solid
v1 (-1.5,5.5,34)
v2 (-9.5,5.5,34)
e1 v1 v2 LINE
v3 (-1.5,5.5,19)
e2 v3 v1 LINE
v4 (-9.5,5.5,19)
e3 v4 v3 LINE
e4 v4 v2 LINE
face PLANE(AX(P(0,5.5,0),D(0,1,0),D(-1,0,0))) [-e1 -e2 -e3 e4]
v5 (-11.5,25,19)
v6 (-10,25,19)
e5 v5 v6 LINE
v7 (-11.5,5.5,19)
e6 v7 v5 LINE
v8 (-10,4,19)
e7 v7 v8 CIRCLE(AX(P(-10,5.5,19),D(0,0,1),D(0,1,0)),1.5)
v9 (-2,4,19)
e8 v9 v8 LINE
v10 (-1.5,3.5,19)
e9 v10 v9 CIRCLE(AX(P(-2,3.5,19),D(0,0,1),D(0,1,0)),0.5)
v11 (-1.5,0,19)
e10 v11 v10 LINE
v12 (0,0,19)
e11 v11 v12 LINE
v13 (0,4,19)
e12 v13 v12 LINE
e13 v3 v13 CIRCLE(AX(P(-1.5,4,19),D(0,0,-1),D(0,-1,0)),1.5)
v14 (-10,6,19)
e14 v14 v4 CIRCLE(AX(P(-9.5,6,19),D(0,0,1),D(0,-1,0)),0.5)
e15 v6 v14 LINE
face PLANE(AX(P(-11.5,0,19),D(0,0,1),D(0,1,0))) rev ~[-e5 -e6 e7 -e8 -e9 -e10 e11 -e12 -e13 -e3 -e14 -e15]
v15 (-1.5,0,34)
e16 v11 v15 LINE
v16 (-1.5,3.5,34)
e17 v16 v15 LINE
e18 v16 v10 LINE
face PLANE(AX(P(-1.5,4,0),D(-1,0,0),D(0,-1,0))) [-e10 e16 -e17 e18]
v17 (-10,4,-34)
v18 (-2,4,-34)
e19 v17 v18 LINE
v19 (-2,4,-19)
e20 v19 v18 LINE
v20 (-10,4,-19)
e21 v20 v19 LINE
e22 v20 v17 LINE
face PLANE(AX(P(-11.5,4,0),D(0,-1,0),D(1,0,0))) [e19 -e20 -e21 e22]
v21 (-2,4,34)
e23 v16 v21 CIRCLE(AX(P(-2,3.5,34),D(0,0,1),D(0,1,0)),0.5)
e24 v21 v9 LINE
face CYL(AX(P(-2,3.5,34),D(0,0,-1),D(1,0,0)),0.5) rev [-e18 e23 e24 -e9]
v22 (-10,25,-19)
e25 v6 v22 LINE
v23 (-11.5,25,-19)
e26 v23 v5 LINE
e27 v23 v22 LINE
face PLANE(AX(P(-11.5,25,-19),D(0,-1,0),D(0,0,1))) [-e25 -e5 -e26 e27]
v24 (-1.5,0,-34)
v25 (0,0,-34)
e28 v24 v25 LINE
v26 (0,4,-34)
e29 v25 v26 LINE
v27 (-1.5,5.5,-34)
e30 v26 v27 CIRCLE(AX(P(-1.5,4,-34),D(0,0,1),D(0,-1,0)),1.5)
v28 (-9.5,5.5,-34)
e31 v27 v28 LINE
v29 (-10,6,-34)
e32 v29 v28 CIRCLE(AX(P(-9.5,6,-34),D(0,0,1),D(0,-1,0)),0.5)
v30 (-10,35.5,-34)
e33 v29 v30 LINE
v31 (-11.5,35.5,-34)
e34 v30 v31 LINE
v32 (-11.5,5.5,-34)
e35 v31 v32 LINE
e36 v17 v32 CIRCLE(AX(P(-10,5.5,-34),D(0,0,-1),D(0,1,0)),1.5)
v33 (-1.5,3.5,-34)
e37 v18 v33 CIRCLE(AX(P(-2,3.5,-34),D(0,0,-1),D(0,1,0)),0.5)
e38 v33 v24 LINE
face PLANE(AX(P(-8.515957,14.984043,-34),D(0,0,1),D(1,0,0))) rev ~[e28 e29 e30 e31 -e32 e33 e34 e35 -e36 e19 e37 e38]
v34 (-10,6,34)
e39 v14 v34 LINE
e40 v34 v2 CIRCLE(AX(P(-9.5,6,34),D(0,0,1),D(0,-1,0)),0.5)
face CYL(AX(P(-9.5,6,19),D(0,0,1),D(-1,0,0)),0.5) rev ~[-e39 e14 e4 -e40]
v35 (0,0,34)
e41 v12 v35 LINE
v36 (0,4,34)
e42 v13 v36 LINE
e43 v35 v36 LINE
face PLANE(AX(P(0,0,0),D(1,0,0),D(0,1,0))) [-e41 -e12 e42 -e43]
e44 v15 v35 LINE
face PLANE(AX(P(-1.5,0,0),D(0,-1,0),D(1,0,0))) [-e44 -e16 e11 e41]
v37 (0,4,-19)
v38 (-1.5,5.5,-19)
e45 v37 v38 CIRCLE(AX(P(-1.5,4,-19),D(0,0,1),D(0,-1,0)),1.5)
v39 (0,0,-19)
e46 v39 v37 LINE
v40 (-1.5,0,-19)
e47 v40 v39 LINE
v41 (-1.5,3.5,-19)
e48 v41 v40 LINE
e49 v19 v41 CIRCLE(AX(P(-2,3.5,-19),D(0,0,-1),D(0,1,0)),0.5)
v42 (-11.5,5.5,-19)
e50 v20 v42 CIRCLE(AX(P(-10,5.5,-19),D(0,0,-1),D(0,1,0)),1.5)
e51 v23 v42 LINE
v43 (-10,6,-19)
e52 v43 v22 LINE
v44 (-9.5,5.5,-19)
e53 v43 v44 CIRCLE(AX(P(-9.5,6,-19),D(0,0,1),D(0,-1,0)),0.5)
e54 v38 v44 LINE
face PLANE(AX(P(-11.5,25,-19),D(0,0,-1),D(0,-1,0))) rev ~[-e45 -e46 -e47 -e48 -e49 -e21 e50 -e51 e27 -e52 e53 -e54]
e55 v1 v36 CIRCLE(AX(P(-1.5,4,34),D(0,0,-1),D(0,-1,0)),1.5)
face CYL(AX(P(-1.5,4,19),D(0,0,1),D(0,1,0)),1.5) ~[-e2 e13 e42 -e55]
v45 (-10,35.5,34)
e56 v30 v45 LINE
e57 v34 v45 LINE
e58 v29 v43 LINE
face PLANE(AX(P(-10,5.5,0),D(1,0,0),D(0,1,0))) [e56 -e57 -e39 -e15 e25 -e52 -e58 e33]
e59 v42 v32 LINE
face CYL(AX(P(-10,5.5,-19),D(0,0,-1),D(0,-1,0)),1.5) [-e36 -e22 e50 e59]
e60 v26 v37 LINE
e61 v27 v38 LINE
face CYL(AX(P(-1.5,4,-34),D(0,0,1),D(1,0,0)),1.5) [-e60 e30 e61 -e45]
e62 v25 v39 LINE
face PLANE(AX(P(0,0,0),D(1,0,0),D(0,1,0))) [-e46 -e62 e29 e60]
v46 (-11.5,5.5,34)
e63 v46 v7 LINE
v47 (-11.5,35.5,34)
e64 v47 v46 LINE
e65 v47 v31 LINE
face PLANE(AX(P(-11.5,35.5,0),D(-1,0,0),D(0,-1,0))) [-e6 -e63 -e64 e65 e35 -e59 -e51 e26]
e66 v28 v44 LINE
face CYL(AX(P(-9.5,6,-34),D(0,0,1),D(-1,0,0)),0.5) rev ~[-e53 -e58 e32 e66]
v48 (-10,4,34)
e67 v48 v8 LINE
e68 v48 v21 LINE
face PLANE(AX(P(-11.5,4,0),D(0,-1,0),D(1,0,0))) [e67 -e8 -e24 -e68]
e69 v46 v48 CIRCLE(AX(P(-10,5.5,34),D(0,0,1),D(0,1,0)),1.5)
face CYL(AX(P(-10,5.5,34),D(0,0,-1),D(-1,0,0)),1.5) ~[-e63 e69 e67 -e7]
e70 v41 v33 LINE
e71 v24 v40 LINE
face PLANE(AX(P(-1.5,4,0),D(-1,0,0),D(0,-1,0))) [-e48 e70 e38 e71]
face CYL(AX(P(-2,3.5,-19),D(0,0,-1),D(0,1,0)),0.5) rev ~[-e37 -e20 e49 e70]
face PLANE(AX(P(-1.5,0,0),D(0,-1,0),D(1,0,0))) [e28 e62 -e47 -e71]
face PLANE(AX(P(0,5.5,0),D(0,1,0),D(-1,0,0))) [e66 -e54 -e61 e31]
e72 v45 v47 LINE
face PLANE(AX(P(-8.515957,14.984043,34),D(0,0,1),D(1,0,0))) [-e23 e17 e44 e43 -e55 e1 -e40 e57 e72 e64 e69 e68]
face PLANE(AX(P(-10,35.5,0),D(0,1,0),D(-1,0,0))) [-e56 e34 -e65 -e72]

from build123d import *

# Parameters (mm, degrees)
F1_DEPTH = 34
F2_W     = 4
F2_H     = 38
F2_W_2   = 21
F3_DEPTH = 50
F4_R     = 1.5
F5_R     = 0.5


with BuildPart() as f1:
    # F0 (on Top) → F1 (new body, symmetric)
    with BuildSketch(Plane.XY):
        Polygon((-1.5, 4), (-1.5, 0), (0, 0), (0, 5.5), (-10, 5.5), (-10, 35.5), (-11.5, 35.5), (-11.5, 4), align=None)
    extrude(amount=F1_DEPTH, both=True)

    # F2 (on face) → F3 (cut)
    with BuildSketch(Plane(origin=(-11.5, 0, 0), x_dir=(0, -1, 0), z_dir=(-1, 0, 0))):
        with Locations((-2, 0)):
            Rectangle(F2_W, F2_H)
        with Locations((-14.5, 0)):
            Rectangle(F2_W_2, F2_H)
    extrude(amount=-F3_DEPTH, mode=Mode.SUBTRACT)

    # F4
    f4_edges = [f1.edges().sort_by_distance(p)[0] for p in [
        (0, 5.5, -26.5),
        (0, 5.5, 26.5),
        (-11.5, 4, -26.5),
        (-11.5, 4, 26.5),
    ]]
    fillet(f4_edges, radius=F4_R)

    # F5
    f5_edges = [f1.edges().sort_by_distance(p)[0] for p in [
        (-10, 5.5, -26.5),
        (-10, 5.5, 26.5),
        (-1.5, 4, -26.5),
        (-1.5, 4, 26.5),
    ]]
    fillet(f5_edges, radius=F5_R)


solid = f1.part
